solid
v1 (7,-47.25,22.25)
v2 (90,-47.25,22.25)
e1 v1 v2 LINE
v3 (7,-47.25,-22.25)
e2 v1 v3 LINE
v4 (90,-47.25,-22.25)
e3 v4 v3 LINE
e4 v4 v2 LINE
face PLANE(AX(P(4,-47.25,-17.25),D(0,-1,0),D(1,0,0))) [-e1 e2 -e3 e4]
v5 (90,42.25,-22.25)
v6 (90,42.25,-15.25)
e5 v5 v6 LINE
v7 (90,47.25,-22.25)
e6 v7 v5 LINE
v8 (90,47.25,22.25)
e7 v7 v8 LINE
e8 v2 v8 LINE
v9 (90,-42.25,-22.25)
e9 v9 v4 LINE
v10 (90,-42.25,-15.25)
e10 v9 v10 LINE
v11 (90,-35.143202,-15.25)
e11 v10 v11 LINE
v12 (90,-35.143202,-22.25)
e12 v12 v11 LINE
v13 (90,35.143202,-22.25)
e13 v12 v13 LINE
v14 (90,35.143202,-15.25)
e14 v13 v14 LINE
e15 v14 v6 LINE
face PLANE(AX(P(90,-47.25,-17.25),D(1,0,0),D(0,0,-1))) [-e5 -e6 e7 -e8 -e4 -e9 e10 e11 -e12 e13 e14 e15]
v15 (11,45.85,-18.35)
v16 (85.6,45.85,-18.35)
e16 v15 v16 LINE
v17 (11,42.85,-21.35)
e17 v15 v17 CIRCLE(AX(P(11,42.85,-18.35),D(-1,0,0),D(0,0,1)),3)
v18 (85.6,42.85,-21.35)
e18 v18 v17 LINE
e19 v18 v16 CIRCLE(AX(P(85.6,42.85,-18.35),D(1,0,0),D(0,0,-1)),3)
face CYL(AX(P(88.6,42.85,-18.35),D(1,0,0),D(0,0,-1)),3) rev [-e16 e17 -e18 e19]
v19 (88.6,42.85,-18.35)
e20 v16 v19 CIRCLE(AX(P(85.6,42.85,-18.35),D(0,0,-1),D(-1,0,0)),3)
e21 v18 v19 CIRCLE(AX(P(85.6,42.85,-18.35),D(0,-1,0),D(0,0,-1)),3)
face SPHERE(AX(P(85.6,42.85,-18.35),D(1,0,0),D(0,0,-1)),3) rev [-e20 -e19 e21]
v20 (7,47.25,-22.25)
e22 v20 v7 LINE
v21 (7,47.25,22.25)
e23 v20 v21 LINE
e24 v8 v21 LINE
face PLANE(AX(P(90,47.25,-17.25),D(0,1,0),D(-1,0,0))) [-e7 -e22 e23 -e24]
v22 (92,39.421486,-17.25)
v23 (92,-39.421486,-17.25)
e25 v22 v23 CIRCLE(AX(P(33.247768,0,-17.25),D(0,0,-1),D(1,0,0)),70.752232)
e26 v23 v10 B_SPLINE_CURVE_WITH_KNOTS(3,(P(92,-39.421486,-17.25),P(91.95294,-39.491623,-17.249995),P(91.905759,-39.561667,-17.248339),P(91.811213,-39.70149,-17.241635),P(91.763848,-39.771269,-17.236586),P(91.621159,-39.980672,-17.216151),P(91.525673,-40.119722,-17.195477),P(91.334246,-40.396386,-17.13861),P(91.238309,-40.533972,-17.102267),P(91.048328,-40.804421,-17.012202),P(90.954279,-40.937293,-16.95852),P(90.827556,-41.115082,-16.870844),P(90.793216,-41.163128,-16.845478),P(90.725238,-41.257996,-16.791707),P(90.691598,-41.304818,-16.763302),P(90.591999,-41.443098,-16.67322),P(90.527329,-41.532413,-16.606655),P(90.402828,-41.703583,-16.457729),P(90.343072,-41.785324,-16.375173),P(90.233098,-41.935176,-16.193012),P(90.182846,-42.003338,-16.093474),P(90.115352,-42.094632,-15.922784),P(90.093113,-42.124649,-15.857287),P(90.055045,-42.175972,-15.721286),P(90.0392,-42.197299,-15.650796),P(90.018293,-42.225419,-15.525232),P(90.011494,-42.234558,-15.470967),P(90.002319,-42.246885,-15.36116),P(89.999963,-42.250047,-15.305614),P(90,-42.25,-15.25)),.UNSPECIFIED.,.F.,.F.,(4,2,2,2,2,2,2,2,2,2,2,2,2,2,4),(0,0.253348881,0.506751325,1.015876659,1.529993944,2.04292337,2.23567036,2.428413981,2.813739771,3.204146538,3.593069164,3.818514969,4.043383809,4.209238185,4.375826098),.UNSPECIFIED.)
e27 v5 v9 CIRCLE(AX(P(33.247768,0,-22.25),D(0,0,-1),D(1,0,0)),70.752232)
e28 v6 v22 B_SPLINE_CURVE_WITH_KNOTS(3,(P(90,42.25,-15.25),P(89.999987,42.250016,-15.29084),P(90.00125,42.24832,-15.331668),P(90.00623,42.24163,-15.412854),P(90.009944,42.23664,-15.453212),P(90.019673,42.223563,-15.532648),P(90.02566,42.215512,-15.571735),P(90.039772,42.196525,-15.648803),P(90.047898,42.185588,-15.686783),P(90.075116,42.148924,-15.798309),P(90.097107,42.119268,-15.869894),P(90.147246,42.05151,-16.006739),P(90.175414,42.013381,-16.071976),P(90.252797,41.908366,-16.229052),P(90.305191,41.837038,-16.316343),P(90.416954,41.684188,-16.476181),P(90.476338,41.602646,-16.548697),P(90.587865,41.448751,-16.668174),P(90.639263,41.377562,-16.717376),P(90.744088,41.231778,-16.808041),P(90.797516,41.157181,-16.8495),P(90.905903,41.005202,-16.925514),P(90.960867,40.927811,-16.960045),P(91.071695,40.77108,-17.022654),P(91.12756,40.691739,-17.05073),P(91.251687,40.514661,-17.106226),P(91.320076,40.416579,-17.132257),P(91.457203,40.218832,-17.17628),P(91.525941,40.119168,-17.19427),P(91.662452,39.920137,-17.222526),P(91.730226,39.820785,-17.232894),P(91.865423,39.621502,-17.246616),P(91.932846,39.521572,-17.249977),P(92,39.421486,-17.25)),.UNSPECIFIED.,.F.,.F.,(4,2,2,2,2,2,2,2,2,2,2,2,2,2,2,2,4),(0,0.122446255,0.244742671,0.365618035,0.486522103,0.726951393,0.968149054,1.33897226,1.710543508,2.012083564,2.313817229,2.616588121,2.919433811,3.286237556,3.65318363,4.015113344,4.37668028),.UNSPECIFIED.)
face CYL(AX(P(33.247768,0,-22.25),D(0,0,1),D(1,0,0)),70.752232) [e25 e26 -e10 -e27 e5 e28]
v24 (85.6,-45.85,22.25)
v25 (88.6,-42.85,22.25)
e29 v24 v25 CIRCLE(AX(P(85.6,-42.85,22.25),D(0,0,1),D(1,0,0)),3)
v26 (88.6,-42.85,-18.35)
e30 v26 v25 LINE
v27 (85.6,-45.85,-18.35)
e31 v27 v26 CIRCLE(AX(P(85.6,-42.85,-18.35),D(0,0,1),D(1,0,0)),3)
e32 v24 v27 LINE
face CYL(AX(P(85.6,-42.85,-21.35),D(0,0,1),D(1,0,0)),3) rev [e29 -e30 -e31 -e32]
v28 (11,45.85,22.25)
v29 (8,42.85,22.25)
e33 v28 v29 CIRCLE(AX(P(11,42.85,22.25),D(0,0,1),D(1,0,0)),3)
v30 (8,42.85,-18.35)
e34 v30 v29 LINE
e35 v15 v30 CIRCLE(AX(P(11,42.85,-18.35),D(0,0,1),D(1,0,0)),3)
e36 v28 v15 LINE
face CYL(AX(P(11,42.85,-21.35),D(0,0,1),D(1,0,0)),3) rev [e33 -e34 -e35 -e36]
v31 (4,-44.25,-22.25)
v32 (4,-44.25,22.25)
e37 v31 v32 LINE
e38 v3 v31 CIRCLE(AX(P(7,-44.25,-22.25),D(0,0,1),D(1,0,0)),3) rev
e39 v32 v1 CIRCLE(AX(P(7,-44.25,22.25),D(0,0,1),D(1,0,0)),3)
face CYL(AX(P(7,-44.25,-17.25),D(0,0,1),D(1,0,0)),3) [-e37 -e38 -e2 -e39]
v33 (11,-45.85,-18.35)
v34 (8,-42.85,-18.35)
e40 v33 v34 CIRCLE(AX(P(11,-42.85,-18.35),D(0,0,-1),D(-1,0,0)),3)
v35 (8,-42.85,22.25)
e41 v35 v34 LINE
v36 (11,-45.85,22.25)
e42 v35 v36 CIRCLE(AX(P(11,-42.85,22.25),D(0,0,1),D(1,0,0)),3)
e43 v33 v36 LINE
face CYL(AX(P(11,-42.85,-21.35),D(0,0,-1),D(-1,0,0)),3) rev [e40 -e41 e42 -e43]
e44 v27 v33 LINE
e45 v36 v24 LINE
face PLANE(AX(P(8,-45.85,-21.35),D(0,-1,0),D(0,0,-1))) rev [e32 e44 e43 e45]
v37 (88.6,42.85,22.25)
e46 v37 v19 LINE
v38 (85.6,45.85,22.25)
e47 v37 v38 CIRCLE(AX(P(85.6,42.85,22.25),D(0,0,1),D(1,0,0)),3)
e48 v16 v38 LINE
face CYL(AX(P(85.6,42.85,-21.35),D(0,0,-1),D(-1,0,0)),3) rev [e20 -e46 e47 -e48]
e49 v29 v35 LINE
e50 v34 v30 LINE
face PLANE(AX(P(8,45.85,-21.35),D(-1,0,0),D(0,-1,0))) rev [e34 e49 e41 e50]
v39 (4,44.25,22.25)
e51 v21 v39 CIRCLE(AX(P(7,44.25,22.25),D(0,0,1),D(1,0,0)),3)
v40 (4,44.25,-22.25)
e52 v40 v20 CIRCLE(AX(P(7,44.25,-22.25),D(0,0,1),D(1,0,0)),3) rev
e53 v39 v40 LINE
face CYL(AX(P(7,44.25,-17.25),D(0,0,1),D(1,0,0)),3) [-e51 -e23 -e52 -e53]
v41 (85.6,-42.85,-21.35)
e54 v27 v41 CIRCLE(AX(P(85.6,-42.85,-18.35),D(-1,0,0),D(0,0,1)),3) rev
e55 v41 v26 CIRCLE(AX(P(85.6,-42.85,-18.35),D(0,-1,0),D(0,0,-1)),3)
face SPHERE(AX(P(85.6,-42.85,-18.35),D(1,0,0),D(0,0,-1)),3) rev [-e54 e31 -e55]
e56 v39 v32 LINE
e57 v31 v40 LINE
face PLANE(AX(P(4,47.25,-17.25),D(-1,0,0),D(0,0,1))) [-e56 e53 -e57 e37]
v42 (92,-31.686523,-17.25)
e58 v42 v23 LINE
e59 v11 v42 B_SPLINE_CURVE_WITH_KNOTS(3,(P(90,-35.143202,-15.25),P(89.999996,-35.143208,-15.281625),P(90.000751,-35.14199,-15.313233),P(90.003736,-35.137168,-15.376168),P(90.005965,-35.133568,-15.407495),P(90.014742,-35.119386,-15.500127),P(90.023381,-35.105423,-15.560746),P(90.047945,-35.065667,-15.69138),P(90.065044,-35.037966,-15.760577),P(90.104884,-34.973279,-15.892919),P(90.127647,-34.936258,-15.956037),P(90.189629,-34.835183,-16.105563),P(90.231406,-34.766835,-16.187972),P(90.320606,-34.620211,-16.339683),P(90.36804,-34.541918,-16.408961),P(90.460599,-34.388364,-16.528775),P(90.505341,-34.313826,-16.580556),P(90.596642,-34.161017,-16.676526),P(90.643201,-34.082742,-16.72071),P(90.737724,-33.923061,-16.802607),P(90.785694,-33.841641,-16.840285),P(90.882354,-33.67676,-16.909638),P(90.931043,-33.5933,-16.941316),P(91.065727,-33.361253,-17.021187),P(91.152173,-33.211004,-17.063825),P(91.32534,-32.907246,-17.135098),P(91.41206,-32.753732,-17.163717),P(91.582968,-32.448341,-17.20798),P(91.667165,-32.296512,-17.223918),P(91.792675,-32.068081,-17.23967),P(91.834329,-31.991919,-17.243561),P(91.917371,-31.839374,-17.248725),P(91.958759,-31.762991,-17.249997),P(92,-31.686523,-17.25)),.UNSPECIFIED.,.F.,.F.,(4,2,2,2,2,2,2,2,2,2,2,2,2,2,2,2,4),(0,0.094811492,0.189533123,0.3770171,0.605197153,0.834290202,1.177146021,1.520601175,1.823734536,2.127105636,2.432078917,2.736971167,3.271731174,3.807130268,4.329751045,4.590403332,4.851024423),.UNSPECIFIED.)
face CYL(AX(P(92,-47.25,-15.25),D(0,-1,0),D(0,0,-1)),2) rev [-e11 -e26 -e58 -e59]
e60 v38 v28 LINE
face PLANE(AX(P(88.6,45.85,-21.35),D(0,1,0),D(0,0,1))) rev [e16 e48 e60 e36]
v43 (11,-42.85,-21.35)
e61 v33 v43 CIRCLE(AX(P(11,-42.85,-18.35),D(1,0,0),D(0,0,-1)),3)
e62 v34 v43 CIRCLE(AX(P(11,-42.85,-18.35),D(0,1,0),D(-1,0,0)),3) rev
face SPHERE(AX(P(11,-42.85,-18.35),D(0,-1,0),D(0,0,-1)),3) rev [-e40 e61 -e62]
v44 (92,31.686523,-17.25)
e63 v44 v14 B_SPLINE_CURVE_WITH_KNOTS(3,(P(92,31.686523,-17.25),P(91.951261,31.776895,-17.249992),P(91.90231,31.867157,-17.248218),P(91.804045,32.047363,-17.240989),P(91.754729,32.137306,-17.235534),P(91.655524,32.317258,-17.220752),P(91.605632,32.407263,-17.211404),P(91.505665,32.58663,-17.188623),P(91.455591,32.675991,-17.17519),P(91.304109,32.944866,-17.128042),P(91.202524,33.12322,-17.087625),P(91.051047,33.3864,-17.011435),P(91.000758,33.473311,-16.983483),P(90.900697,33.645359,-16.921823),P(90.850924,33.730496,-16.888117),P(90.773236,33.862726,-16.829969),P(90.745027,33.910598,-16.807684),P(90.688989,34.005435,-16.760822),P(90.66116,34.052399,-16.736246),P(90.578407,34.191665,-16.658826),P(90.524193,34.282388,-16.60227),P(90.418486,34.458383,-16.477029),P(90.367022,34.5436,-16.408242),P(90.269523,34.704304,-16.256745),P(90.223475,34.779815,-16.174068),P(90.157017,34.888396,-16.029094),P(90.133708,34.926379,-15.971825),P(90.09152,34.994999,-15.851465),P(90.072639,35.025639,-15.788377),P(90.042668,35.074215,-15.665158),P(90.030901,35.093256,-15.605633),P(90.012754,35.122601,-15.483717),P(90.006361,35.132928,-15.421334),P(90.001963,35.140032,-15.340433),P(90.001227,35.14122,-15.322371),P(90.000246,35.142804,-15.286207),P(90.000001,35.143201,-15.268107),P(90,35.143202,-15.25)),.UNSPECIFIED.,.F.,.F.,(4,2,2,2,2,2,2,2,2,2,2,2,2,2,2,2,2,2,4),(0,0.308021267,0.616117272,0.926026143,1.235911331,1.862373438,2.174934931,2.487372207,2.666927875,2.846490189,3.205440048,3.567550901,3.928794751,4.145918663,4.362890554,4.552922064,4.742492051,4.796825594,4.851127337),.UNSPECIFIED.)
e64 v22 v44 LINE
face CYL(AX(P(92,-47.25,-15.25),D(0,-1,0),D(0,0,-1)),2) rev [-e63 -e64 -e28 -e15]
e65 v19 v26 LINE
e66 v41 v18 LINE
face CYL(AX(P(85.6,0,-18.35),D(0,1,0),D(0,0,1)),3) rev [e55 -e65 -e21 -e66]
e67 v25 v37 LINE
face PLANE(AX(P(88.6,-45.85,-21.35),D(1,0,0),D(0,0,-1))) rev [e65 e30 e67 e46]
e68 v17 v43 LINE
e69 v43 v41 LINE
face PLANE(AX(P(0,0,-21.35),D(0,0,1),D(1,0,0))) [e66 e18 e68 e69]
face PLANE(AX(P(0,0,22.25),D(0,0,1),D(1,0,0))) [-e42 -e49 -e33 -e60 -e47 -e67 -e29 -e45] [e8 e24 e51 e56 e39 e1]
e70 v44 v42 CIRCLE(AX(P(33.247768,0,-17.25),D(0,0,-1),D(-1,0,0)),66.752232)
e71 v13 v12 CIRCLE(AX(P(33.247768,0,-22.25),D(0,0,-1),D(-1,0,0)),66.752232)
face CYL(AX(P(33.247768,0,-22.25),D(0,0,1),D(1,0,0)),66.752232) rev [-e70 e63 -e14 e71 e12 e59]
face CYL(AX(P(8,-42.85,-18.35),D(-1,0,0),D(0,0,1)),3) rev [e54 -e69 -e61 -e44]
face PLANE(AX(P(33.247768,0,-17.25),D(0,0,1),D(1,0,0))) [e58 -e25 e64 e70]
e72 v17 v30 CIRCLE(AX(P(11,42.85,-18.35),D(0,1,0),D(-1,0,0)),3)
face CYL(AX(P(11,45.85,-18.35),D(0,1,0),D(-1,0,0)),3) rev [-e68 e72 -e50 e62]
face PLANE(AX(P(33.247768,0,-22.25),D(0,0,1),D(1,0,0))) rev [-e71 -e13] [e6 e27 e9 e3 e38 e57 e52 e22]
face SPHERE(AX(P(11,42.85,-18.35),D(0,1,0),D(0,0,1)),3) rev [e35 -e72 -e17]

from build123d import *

# Parameters (mm, degrees)
SKETCH_1_W                  = 86
SKETCH_1_H                  = 94.5
EXTRUDE_1_DEPTH             = 39.5
EXTRUDE_2_DEPTH             = 5
SKETCH_3_W                  = 80.6
SKETCH_3_H                  = 91.7
CUT_EXTRUDE_1_DEPTH         = 43.6
HOLE_WIZARD_8_3_8_3_1_D     = 8.3
HOLE_WIZARD_8_3_8_3_1_DEPTH = 3.2
FILLET_1_R                  = 3
SKETCH_7_R                  = 4.2
EXTRUDE_3_DEPTH             = 3.8
FILLET_2_R                  = 3
FILLET_3_R                  = 3
FILLET_4_R                  = 3
FILLET_5_R                  = 3
FILLET_6_R                  = 2


with BuildPart() as part:
    # Эскиз1 → Бобышка-Вытянуть1 (new body)
    with BuildSketch(Plane.XY.offset(22.25)):
        with Locations((47, 0)):
            Rectangle(SKETCH_1_W, SKETCH_1_H)
    extrude(amount=-EXTRUDE_1_DEPTH)

    # Эскиз2 → Бобышка-Вытянуть2 (add)
    with BuildSketch(Plane(origin=(0, 0, -17.25), x_dir=(-1, 0, 0), z_dir=(0, 0, -1))):
        with BuildLine():
            Line((-90, -47.25), (-90, -42.25))
            ThreePointArc((-90, -42.25), (-104, 0), (-90, 42.25))
            Line((-90, 42.25), (-90, 47.25))
            Line((-90, 47.25), (-4, 47.25))
            Line((-4, 47.25), (-4, -47.25))
            Line((-4, -47.25), (-90, -47.25))
        make_face()
        with BuildLine():
            Line((-90, -35.143201944), (-90, 35.143201944))
            ThreePointArc((-90, 35.143201944), (-100, 0), (-90, -35.143201944))
        make_face(mode=Mode.SUBTRACT)
    extrude(amount=EXTRUDE_2_DEPTH)

    # Эскиз3 → Вырез-Вытянуть1 (cut)
    with BuildSketch(Plane.XY.offset(22.25)):
        with Locations((48.3, 0)):
            Rectangle(SKETCH_3_W, SKETCH_3_H)
    extrude(amount=-CUT_EXTRUDE_1_DEPTH, mode=Mode.SUBTRACT)

    # Диаметр отверстия Ø8.3 (8.3)1
    with Locations(Plane.ZY.offset(-4)):
        with Locations((0, 0)):
            Hole(HOLE_WIZARD_8_3_8_3_1_D / 2, depth=HOLE_WIZARD_8_3_8_3_1_DEPTH)

    # Скругление1
    fillet_1_edges = [part.edges().sort_by_distance(p)[0] for p in [
        (4, -47.25, 0),
        (4, 47.25, 0),
    ]]
    fillet(fillet_1_edges, radius=FILLET_1_R)

    # Эскиз7 → Бобышка-Вытянуть3 (add)
    with BuildSketch(Plane.ZY.offset(-4)):
        Circle(SKETCH_7_R)
    extrude(amount=-EXTRUDE_3_DEPTH)

    # Скругление2
    fillet_2_edges = [part.edges().sort_by_distance(p)[0] for p in [
        (8, 0, -21.35),
    ]]
    fillet(fillet_2_edges, radius=FILLET_2_R)

    # Скругление3
    fillet_3_edges = [part.edges().sort_by_distance(p)[0] for p in [
        (8, -45.85, 1.95),
        (49.8, -45.85, -21.35),
        (8.878679656, -45.85, -20.471320344),
    ]]
    fillet(fillet_3_edges, radius=FILLET_3_R)

    # Скругление4
    fillet_4_edges = [part.edges().sort_by_distance(p)[0] for p in [
        (49.8, 45.85, -21.35),
        (8, 45.85, 1.95),
        (8.878679656, 45.85, -20.471320344),
    ]]
    fillet(fillet_4_edges, radius=FILLET_4_R)

    # Скругление5
    fillet_5_edges = [part.edges().sort_by_distance(p)[0] for p in [
        (88.6, -45.85, 1.95),
        (88.6, 0, -21.35),
        (88.6, -44.971320344, -20.471320344),
        (88.6, 45.85, 1.95),
        (88.6, 44.971320344, -20.471320344),
    ]]
    fillet(fillet_5_edges, radius=FILLET_5_R)

    # Скругление6
    fillet_6_edges = [part.edges().sort_by_distance(p)[0] for p in [
        (90, -38.696600972, -17.25),
        (90, 38.696600972, -17.25),
    ]]
    fillet(fillet_6_edges, radius=FILLET_6_R)


solid = part.part
